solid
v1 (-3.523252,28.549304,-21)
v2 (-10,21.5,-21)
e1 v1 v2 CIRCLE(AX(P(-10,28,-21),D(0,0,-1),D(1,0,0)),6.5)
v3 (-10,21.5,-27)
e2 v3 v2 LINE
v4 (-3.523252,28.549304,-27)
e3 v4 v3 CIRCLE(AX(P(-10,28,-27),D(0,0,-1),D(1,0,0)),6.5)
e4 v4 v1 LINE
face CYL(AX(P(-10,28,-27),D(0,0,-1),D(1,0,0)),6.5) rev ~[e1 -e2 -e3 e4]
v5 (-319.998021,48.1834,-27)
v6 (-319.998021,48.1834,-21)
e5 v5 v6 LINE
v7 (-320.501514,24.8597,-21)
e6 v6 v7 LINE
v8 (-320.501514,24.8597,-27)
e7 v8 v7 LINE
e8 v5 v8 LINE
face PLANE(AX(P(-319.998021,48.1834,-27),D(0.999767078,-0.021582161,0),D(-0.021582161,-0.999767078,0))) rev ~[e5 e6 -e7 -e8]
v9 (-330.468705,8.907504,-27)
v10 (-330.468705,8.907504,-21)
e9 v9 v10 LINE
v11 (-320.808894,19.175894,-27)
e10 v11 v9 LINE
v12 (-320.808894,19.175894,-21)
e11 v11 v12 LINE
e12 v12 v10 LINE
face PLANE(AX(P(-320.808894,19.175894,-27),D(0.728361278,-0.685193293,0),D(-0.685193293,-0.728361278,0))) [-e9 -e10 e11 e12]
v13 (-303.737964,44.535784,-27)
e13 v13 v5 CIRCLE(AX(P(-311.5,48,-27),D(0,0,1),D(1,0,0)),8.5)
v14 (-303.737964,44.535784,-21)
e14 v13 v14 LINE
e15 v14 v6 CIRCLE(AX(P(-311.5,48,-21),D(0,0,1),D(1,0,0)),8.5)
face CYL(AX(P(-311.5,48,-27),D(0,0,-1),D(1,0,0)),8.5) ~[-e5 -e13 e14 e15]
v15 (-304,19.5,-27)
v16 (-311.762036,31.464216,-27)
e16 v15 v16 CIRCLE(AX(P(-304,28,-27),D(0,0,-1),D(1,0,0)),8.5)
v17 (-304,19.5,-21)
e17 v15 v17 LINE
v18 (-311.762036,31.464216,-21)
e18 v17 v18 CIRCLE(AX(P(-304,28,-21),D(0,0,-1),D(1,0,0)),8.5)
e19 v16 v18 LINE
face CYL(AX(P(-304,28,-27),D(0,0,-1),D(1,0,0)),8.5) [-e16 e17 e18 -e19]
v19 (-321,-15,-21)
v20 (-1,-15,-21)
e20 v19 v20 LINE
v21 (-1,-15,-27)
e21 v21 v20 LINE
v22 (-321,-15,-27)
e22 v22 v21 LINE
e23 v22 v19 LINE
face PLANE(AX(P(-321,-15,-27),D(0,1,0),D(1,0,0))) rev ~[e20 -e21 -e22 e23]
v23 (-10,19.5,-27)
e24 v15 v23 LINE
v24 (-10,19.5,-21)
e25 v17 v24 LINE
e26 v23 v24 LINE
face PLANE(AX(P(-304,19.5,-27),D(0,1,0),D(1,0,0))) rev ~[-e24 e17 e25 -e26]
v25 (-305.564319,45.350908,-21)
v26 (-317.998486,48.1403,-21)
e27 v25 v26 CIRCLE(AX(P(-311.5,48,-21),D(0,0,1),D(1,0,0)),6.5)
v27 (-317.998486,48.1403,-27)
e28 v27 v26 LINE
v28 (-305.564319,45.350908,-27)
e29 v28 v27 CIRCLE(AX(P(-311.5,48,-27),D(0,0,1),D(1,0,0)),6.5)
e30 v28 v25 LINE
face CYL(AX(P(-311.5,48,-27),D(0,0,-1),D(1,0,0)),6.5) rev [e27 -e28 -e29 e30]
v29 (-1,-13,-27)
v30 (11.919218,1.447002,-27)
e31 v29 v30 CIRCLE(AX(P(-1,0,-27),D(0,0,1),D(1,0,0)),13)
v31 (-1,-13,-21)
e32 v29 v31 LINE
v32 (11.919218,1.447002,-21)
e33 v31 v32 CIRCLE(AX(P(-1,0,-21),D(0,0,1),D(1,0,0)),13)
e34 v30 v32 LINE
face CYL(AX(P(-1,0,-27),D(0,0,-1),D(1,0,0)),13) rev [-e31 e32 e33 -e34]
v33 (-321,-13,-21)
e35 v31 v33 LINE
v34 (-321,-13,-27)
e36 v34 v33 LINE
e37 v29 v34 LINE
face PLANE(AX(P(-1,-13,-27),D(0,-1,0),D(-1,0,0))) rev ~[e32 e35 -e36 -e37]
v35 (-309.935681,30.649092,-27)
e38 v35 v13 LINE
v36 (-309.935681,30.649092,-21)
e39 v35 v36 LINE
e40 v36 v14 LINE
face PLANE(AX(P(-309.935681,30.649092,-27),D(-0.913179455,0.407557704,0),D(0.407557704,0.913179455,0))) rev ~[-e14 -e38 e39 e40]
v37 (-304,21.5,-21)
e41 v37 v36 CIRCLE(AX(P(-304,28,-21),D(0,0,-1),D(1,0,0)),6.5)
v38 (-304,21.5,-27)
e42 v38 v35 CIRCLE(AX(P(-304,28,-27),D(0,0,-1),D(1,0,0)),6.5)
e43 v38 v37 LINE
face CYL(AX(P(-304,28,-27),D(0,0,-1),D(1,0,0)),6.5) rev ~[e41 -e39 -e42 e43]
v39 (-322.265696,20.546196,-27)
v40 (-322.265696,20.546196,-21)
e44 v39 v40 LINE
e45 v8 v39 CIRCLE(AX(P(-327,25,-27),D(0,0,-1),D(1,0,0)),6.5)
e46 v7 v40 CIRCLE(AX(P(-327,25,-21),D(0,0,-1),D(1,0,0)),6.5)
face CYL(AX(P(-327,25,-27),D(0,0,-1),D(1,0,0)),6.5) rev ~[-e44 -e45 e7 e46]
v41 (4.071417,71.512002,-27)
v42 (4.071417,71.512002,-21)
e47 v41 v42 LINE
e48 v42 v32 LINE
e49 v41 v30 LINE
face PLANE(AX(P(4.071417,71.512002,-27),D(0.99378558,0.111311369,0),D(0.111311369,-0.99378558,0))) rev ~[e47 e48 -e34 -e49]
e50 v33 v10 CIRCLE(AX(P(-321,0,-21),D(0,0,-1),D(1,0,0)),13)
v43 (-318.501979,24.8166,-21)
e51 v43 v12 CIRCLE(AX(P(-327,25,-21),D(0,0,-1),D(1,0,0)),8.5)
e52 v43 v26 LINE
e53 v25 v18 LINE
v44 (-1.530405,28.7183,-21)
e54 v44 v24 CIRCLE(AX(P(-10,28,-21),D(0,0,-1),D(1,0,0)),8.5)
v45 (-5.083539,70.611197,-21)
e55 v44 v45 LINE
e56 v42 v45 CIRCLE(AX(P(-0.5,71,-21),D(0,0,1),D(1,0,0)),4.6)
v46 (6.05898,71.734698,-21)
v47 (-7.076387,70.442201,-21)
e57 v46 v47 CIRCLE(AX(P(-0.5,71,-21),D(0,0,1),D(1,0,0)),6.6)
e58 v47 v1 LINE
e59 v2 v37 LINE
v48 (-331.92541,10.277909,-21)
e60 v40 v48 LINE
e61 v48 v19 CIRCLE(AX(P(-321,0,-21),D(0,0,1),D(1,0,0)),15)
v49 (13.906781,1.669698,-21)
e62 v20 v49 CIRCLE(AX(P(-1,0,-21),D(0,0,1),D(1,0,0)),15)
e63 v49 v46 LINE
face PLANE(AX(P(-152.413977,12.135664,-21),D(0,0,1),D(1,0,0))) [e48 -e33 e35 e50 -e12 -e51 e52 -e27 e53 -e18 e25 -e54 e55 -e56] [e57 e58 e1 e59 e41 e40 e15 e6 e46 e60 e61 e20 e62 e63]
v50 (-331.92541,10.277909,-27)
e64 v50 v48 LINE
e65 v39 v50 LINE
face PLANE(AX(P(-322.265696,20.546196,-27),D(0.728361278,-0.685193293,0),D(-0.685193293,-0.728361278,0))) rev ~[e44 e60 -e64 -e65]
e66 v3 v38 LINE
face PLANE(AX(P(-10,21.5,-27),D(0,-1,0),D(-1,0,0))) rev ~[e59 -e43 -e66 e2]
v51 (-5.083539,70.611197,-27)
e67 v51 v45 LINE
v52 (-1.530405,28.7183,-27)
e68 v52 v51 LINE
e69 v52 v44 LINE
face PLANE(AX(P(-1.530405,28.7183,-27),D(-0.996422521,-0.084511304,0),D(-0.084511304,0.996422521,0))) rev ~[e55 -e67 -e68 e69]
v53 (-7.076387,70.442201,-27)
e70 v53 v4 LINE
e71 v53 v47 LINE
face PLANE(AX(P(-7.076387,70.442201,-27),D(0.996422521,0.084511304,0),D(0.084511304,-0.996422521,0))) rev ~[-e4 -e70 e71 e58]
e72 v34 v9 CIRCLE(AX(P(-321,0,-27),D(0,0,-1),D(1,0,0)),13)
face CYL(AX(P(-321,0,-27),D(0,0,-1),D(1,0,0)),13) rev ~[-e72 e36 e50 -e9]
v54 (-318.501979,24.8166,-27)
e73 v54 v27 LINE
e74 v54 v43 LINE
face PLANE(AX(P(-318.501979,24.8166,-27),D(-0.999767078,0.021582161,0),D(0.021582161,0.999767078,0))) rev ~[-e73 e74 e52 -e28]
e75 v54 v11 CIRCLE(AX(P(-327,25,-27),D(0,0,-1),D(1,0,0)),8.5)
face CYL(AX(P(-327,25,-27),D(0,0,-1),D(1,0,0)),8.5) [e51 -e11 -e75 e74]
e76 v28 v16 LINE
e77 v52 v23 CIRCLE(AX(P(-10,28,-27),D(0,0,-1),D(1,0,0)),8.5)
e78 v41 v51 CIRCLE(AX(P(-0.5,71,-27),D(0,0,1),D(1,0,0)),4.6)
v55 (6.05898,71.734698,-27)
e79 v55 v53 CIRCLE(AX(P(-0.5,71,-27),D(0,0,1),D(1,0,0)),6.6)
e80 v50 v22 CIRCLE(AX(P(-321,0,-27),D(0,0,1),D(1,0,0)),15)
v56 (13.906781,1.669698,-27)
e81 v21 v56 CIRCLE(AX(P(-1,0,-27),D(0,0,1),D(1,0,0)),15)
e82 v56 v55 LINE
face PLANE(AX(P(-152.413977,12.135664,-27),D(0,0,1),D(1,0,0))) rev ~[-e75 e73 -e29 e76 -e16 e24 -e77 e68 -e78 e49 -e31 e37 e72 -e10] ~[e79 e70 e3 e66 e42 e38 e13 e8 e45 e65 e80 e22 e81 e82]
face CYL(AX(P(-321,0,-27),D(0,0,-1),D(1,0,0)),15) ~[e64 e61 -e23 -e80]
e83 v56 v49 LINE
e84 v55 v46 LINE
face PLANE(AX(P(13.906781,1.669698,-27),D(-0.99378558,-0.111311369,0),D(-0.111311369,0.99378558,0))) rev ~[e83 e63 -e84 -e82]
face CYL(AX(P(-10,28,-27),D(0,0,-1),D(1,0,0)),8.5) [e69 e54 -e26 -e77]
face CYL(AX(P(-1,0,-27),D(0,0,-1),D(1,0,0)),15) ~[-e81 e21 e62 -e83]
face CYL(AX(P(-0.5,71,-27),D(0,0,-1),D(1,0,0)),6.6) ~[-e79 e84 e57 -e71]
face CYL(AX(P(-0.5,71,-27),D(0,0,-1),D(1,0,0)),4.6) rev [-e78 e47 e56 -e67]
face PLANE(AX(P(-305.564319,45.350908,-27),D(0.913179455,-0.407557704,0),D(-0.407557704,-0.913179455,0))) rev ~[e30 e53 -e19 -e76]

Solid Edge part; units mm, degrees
sketch "Sketch1" plane through (0, 0, -27) normal (0, 0, 1) x (1, 0, 0)
  line L0 (-304, 19.5) -> (-10, 19.5)
  line L1 (-1.5304, 28.7183) -> (-5.0835, 70.6112)
  line L2 (4.0714, 71.512) -> (11.9192, 1.447)
  line L3 (-1, -13) -> (-321, -13)
  line L4 (-320.8089, 19.1759) -> (-330.4687, 8.9075)
  line L5 (-318.502, 24.8166) -> (-317.9985, 48.1403)
  line L6 (-305.5643, 45.3509) -> (-311.762, 31.4642)
  arc A0 (-1.5304, 28.7183) -> (-10, 19.5) centre (-10, 28) cw
  arc A1 (4.0714, 71.512) -> (-5.0835, 70.6112) centre (-0.5, 71) ccw
  arc A2 (-1, -13) -> (11.9192, 1.447) centre (-1, 0) ccw
  arc A3 (-321, -13) -> (-330.4687, 8.9075) centre (-321, 0) cw
  arc A4 (-318.502, 24.8166) -> (-320.8089, 19.1759) centre (-327, 25) cw
  arc A5 (-305.5643, 45.3509) -> (-317.9985, 48.1403) centre (-311.5, 48) ccw
  arc A6 (-304, 19.5) -> (-311.762, 31.4642) centre (-304, 28) cw
  line L7 (-10, 21.5) -> (-304, 21.5)
  arc A7 (-304, 21.5) -> (-309.9357, 30.6491) centre (-304, 28) cw
  line L8 (-309.9357, 30.6491) -> (-303.738, 44.5358)
  arc A8 (-303.738, 44.5358) -> (-319.998, 48.1834) centre (-311.5, 48) ccw
  line L9 (-319.998, 48.1834) -> (-320.5015, 24.8597)
  arc A9 (-320.5015, 24.8597) -> (-322.2657, 20.5462) centre (-327, 25) cw
  line L10 (-322.2657, 20.5462) -> (-331.9254, 10.2779)
  arc A10 (-331.9254, 10.2779) -> (-321, -15) centre (-321, 0) ccw
  line L11 (-321, -15) -> (-1, -15)
  arc A11 (-1, -15) -> (13.9068, 1.6697) centre (-1, 0) ccw
  line L12 (13.9068, 1.6697) -> (6.059, 71.7347)
  arc A12 (6.059, 71.7347) -> (-7.0764, 70.4422) centre (-0.5, 71) ccw
  line L13 (-7.0764, 70.4422) -> (-3.5233, 28.5493)
  arc A13 (-3.5233, 28.5493) -> (-10, 21.5) centre (-10, 28) cw
extrude "Protrusion1" add sketch "Sketch1" along normal blind 6
properties material "PVC"
